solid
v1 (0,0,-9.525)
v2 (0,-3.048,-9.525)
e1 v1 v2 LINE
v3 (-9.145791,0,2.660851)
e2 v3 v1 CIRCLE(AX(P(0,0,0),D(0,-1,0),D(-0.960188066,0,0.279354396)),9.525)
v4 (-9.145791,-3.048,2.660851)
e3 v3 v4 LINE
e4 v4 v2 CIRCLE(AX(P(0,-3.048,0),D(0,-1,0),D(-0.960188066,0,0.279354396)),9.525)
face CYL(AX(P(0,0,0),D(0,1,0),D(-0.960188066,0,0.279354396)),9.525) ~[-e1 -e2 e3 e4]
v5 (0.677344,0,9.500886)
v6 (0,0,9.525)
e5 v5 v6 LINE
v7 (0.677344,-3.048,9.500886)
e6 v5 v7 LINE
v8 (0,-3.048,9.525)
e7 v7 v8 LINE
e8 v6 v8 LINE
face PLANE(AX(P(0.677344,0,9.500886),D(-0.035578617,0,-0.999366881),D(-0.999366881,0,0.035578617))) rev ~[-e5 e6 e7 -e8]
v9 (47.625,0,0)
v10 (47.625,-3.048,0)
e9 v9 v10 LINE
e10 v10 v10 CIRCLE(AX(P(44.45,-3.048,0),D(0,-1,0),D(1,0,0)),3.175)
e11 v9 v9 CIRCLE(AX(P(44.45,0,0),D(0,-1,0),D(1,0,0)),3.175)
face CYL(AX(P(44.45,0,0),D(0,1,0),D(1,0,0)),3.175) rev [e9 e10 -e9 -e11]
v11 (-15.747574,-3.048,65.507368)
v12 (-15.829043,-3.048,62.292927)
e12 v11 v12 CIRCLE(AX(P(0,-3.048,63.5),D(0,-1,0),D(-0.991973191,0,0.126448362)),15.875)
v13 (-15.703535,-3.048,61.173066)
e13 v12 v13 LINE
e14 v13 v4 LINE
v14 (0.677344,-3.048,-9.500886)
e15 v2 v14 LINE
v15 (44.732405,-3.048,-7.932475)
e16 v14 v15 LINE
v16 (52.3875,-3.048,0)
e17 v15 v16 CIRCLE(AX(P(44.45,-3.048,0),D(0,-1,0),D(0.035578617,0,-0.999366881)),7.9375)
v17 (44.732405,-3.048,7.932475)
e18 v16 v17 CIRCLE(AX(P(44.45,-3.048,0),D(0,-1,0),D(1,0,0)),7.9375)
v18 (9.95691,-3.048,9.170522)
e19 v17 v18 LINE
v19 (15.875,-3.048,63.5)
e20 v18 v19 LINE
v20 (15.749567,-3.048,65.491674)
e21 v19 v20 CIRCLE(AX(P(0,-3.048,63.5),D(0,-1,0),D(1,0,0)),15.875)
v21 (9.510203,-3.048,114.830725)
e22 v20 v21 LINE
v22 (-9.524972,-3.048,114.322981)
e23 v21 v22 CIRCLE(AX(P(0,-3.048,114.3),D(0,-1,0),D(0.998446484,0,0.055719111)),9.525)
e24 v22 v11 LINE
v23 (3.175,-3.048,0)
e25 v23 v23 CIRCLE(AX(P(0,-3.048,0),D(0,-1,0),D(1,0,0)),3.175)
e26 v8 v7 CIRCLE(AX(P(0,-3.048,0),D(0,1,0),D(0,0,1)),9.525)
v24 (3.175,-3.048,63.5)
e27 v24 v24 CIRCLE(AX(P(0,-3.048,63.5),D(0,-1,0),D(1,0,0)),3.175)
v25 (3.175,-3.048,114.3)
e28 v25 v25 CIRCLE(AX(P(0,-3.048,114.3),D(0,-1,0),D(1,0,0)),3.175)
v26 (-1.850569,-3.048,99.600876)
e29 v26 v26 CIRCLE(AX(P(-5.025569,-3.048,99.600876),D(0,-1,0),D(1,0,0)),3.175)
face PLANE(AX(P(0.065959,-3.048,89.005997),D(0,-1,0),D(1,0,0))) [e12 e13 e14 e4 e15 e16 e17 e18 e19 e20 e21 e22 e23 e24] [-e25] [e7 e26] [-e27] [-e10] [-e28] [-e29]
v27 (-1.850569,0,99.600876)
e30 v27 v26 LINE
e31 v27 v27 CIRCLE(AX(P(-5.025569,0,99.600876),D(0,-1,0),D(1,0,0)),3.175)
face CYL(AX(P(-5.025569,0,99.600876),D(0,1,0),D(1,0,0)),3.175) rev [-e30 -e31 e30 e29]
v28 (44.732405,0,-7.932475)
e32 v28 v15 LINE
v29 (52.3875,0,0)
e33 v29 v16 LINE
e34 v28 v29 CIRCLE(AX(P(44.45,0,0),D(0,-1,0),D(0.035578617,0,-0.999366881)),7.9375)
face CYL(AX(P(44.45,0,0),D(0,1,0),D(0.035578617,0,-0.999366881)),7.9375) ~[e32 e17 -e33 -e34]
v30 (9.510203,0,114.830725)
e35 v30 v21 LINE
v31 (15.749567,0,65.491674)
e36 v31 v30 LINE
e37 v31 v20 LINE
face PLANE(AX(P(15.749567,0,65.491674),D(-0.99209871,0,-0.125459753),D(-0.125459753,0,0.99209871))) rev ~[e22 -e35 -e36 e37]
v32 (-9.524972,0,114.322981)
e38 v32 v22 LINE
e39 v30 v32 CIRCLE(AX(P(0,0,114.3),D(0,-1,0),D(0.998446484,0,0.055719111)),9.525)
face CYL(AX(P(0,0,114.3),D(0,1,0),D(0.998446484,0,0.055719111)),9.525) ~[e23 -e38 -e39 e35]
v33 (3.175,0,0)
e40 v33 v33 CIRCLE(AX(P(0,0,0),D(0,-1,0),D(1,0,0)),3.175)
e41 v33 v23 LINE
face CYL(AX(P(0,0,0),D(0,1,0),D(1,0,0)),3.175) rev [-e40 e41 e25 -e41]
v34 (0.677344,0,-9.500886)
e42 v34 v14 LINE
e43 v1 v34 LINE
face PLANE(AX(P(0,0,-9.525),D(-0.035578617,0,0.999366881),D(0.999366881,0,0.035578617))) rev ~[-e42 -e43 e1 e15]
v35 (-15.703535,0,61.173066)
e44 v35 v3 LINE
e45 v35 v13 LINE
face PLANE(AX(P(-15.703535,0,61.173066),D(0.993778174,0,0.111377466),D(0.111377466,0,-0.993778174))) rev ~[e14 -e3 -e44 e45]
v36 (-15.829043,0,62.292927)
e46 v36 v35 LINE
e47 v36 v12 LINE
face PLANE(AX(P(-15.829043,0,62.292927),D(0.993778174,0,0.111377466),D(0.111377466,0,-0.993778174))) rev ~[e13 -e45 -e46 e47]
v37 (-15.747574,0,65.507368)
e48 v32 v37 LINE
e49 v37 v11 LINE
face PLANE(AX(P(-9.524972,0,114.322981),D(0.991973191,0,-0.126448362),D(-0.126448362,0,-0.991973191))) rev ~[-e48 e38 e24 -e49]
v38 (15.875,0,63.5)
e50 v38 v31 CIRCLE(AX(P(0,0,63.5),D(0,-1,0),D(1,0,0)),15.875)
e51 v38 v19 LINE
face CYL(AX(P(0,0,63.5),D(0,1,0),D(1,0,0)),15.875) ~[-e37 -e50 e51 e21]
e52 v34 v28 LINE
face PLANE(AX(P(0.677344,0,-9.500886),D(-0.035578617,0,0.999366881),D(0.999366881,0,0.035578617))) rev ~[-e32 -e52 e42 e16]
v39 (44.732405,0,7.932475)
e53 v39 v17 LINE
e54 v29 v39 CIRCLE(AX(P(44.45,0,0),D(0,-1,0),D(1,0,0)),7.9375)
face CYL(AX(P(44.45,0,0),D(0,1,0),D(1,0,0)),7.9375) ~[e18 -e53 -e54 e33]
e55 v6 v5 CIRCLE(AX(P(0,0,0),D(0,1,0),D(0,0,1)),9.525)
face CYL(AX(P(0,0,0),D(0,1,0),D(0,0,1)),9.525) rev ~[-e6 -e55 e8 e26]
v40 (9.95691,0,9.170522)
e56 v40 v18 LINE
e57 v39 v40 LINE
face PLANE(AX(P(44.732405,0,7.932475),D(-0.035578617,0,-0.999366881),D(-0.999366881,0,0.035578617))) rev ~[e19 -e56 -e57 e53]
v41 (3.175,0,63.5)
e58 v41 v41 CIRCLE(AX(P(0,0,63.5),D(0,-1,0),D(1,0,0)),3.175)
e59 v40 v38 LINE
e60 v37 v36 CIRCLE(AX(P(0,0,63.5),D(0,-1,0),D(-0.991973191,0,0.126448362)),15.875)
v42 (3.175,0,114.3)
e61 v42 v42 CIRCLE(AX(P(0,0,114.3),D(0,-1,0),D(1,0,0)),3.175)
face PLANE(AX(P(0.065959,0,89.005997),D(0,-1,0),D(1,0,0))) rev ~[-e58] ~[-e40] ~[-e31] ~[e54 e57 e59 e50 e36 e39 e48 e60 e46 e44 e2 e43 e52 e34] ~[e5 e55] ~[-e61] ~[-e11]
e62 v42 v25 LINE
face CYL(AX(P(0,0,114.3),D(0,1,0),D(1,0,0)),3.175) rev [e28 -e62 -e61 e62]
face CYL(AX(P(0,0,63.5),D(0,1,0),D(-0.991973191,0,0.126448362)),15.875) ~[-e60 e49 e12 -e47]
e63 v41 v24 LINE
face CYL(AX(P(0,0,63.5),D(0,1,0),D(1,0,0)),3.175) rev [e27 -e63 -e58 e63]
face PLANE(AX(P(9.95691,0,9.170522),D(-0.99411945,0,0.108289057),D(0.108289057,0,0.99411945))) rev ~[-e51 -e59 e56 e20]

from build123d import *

# Parameters (mm, degrees)
F0_R     = 3.175
F1_DEPTH = 3.048


with BuildPart() as f1:
    # F0 (on Front) → F1 (new body)
    with BuildSketch(Plane.XZ):
        with BuildLine():
            ThreePointArc((9.5102028503, 114.8307245366), (9.5213000643, 114.5654653895), (9.5250000939, 114.3))
            ThreePointArc((9.5250000939, 114.3), (-0.0114906805, 104.7750068372), (-9.5249723698, 114.3229813443))
            Line((-9.5249723698, 114.3229813443), (-15.747574407, 65.5073677534))
            ThreePointArc((-15.747574407, 65.5073677534), (0.0079100828, 79.3749980293), (15.7495670212, 65.4916735785))
            Line((15.7495670212, 65.4916735785), (9.5102028503, 114.8307245366))
        make_face()
        with Locations((-5.025569471, 99.6008760627)):
            Circle(F0_R, mode=Mode.SUBTRACT)
        with BuildLine():
            ThreePointArc((15.875, 63.5), (15.8436107227, 64.4978097358), (15.7495670212, 65.4916735785))
            ThreePointArc((15.7495670212, 65.4916735785), (0.0079100828, 79.3749980293), (-15.747574407, 65.5073677534))
            ThreePointArc((-15.747574407, 65.5073677534), (-15.8699038317, 63.9022155787), (-15.8290429523, 62.292927419))
            Line((-15.8290429523, 62.292927419), (-15.7035347362, 61.1730660111))
            ThreePointArc((-15.7035347362, 61.1730660111), (-0.5546795069, 47.6346933328), (15.5026829919, 60.0820408059))
            Line((15.5026829919, 60.0820408059), (15.875, 63.5))
        make_face()
        with Locations((0, 63.5)):
            Circle(F0_R, mode=Mode.SUBTRACT)
        with BuildLine():
            Line((9.9569104682, 9.1705224667), (15.5026829919, 60.0820408059))
            ThreePointArc((15.5026829919, 60.0820408059), (-0.5546795069, 47.6346933328), (-15.7035347362, 61.1730660111))
            Line((-15.7035347362, 61.1730660111), (-9.1457913245, 2.6608506249))
            ThreePointArc((-9.1457913245, 2.6608506249), (-5.7175616655, 7.6180780779), (0, 9.525))
            ThreePointArc((0, 9.525), (0.3388863295, 9.5189695375), (0.6773435479, 9.500885786))
            Line((0.6773435479, 9.500885786), (9.9569104682, 9.1705224667))
        make_face()
        with BuildLine():
            ThreePointArc((0, 9.525), (-5.7175616655, 7.6180780779), (-9.1457913245, 2.6608506249))
            ThreePointArc((-9.1457913245, 2.6608506249), (-7.6180780779, -5.7175616655), (0, -9.525))
            Line((0, -9.525), (0.6773435479, -9.500885786))
            ThreePointArc((0.6773435479, -9.500885786), (6.9705567315, -6.4912990883), (9.525, 0))
            ThreePointArc((9.525, 0), (9.4481631595, 1.207409587), (9.2188923022, 2.395339166))
            ThreePointArc((9.2188923022, 2.395339166), (6.0914751245, 7.3225375252), (0.6773435479, 9.500885786))
            Line((0.6773435479, 9.500885786), (0, 9.525))
        make_face()
        Circle(F0_R, mode=Mode.SUBTRACT)
        with BuildLine():
            Line((44.7324052746, 7.9324746146), (9.9569104682, 9.1705224667))
            Line((9.9569104682, 9.1705224667), (9.2188923022, 2.395339166))
            ThreePointArc((9.2188923022, 2.395339166), (9.4481631595, 1.207409587), (9.525, 0))
            ThreePointArc((9.525, 0), (6.9705567315, -6.4912990883), (0.6773435479, -9.500885786))
            Line((0.6773435479, -9.500885786), (44.7324052746, -7.9324746146))
            ThreePointArc((44.7324052746, -7.9324746146), (36.5125, 0), (44.7324052746, 7.9324746146))
        make_face()
        with BuildLine():
            Line((9.2188923022, 2.395339166), (9.9569104682, 9.1705224667))
            Line((9.9569104682, 9.1705224667), (0.6773435479, 9.500885786))
            ThreePointArc((0.6773435479, 9.500885786), (6.0914751245, 7.3225375252), (9.2188923022, 2.395339166))
        make_face()
        with BuildLine():
            ThreePointArc((52.3875, 0), (50.1616327839, 5.5119104847), (44.7324052746, 7.9324746146))
            ThreePointArc((44.7324052746, 7.9324746146), (36.5125, 0), (44.7324052746, -7.9324746146))
            ThreePointArc((44.7324052746, -7.9324746146), (50.1616327839, -5.5119104847), (52.3875, 0))
        make_face()
        with Locations((44.45, 0)):
            Circle(F0_R, mode=Mode.SUBTRACT)
        with BuildLine():
            ThreePointArc((-9.5249723698, 114.3229813443), (-0.0114906805, 104.7750068372), (9.5250000939, 114.3))
            ThreePointArc((9.5250000939, 114.3), (9.5213000643, 114.5654653895), (9.5102028503, 114.8307245366))
            ThreePointArc((9.5102028503, 114.8307245366), (-0.2539789795, 123.8216133857), (-9.5249723698, 114.3229813443))
        make_face()
        with Locations((0, 114.3)):
            Circle(F0_R, mode=Mode.SUBTRACT)
    extrude(amount=F1_DEPTH)


solid = f1.part
